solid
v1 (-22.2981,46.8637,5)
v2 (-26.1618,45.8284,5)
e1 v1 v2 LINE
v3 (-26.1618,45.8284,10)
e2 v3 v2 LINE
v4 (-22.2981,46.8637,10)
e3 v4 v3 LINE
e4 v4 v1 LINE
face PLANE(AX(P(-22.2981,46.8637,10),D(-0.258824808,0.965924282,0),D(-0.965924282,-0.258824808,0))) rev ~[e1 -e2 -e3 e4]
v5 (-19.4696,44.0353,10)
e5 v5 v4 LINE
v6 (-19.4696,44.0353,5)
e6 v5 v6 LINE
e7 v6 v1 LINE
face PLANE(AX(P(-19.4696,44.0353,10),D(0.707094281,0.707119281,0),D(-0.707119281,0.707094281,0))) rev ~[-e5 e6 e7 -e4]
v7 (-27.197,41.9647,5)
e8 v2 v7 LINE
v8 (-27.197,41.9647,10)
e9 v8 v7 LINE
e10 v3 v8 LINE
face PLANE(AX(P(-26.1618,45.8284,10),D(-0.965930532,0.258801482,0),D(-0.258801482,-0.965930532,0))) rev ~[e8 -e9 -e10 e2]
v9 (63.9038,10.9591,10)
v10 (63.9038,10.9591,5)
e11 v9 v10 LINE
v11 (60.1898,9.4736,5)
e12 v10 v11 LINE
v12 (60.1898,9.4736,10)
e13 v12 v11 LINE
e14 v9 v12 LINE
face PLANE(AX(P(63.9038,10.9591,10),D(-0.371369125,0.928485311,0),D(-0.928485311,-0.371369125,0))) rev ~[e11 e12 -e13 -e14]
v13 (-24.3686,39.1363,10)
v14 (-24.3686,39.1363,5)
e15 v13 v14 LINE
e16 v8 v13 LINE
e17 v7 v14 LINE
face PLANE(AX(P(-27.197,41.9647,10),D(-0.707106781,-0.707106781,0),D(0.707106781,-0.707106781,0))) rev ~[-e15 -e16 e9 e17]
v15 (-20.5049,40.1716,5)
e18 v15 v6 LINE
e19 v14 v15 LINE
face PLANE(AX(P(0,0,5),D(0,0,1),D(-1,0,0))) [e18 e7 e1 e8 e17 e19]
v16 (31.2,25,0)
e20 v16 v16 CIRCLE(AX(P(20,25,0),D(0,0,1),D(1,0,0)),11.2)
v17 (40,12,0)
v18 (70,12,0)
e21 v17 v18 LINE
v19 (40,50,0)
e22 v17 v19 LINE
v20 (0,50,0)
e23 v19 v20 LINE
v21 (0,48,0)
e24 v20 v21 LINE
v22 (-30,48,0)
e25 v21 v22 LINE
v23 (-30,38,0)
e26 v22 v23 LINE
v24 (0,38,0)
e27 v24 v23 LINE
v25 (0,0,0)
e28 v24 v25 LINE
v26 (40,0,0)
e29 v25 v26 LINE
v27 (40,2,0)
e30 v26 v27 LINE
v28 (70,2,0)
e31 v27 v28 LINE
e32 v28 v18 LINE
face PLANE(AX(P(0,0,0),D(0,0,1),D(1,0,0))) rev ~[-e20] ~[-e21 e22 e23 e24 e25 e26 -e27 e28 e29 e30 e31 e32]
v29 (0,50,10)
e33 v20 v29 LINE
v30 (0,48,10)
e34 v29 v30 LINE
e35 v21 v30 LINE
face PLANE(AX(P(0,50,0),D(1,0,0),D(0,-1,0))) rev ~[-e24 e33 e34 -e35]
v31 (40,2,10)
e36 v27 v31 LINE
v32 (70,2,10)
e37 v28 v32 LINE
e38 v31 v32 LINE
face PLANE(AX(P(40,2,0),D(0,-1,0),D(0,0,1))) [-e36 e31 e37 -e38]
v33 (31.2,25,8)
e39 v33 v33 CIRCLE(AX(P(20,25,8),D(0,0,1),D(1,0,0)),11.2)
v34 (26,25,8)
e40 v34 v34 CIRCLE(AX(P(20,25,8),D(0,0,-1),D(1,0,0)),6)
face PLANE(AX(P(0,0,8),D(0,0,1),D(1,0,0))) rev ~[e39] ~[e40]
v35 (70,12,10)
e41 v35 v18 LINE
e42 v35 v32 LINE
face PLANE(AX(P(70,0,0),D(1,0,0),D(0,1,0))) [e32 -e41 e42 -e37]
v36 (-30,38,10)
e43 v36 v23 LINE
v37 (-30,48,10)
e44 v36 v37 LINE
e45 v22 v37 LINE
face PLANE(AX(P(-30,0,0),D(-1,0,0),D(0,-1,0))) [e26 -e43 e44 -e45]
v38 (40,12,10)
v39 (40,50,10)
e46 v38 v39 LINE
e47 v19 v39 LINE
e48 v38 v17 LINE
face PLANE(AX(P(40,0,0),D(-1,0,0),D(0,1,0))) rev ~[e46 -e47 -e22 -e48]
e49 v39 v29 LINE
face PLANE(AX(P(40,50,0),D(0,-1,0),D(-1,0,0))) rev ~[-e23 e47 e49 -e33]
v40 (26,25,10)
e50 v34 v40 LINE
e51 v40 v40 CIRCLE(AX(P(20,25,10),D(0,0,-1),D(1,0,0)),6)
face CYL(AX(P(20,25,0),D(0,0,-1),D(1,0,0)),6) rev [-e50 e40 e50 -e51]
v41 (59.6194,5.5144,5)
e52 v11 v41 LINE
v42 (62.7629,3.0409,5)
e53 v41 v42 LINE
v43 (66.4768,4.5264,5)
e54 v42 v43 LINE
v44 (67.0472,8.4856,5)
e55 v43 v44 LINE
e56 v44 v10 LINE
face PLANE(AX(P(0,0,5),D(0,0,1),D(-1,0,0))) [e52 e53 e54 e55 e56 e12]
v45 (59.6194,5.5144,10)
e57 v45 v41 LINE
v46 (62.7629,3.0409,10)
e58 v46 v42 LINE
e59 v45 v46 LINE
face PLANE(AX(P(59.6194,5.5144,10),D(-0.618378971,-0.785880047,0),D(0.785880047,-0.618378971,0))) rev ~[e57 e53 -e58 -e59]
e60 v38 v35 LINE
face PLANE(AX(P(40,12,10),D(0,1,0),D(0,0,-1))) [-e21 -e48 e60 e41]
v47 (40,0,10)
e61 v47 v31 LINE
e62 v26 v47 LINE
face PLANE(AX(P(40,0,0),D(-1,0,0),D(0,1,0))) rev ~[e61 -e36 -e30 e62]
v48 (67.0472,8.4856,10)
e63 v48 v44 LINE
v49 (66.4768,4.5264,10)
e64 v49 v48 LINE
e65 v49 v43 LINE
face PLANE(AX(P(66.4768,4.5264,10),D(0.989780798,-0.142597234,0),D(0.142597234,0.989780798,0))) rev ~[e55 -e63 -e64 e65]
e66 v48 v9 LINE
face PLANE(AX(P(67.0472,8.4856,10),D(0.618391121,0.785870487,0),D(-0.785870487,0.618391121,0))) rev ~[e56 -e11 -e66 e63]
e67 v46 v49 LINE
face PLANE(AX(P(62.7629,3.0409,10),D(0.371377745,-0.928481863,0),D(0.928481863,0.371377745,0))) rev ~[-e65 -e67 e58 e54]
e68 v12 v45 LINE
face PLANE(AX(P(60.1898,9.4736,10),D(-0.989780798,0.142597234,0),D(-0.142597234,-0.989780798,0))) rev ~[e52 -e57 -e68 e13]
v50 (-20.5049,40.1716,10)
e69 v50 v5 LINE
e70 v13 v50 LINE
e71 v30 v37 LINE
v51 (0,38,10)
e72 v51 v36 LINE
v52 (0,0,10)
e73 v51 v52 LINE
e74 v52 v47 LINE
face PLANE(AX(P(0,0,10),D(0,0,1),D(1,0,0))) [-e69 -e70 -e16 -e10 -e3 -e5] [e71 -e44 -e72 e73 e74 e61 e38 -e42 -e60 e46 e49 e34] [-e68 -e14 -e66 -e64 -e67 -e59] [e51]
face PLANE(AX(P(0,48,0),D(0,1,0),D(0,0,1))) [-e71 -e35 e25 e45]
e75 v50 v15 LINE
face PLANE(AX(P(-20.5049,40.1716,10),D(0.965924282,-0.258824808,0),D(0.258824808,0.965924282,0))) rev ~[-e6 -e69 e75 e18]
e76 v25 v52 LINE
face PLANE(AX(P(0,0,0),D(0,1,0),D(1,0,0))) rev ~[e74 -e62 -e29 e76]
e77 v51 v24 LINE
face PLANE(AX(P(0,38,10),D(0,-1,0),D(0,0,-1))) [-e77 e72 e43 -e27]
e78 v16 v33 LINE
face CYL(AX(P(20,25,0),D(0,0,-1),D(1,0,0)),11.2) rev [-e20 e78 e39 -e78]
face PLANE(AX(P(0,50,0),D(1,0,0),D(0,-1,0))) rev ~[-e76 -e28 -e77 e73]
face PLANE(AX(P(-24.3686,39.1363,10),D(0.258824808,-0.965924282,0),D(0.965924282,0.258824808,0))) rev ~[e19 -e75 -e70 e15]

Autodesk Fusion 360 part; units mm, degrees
sketch "Top" plane through (0, 0, 0) normal (0, 0, 1) x (1, 0, 0)
  line L0 (0, 0) -> (40, 0)
  line L1 (40, 0) -> (40, 50)
  line L2 (40, 50) -> (0, 50)
  line L3 (0, 50) -> (0, 0)
  circle A0 centre (20, 25) radius 11.2
  circle A1 centre (20, 25) radius 6
  dimension "d6" = 40
  dimension "d7" = 50
  dimension "d11" = 22.4
  dimension "d12" = 25
  dimension "d13" = 20
  dimension "d27" = 12
extrude "Extrude1" add sketch "Top" along normal blind 10 contours L0 L1 L2 L3 | A0 | A1
extrude "Extrude2" cut sketch "Top" along normal blind 8 contours A0 | A1
extrude "Extrude5" cut sketch "Top" along normal blind 110 contours A1
sketch "Sketch5" plane through (0, 0, 0) normal (-1, 0, 0) x (0, -1, 0)
  line L0 (-50, 0) -> (0, 0)
  line L1 (0, 0) -> (0, 10)
  line L2 (0, 10) -> (-50, 10)
  line L3 (-50, 10) -> (-50, 0)
  line L4 (-48, 10) -> (-38, 10)
  line L5 (-38, 10) -> (-38, 0)
  line L6 (-38, 0) -> (-48, 0)
  line L7 (-48, 0) -> (-48, 10)
  dimension "d50" = 10
  dimension "d51" = 10
  dimension "d52" = 2
extrude "Extrude8" add sketch "Sketch5" along normal blind 30 contours L0 L2 L4 L5 L6 L7
sketch "Sketch8" plane through (40, 0, 0) normal (1, 0, 0) x (0, 1, 0)
  line L0 (0, 0) -> (50, 0)
  line L1 (50, 0) -> (50, 10)
  line L2 (50, 10) -> (0, 10)
  line L3 (0, 10) -> (0, 0)
  line L4 (2, 10) -> (12, 10)
  line L5 (12, 10) -> (12, 0)
  line L6 (12, 0) -> (2, 0)
  line L7 (2, 0) -> (2, 10)
  dimension "d72" = 10
  dimension "d73" = 10
  dimension "d74" = 2
extrude "Extrude11" add sketch "Sketch8" along normal blind 30 contours L0 L2 L4 L5 L6 L7
sketch "Sketch10" plane through (0, 0, 10) normal (0, 0, 1) x (-1, 0, 0)
  circle A0 centre (-20, -25) radius 6
  line L0 (0, -50) -> (0, -48)
  line L1 (0, -48) -> (30, -48)
  line L2 (30, -48) -> (30, -38)
  line L3 (30, -38) -> (0, -38)
  line L4 (0, -38) -> (0, 0)
  line L5 (0, 0) -> (-40, 0)
  line L6 (-40, 0) -> (-40, -2)
  line L7 (-40, -2) -> (-70, -2)
  line L8 (-70, -2) -> (-70, -12)
  line L9 (-70, -12) -> (-40, -12)
  line L10 (-40, -12) -> (-40, -50)
  line L11 (-40, -50) -> (0, -50)
  line L12 (20.5049, -40.1716) -> (19.4696, -44.0353)
  line L13 (19.4696, -44.0353) -> (22.2981, -46.8637)
  line L14 (22.2981, -46.8637) -> (26.1618, -45.8284)
  line L15 (26.1618, -45.8284) -> (27.197, -41.9647)
  line L16 (27.197, -41.9647) -> (24.3686, -39.1363)
  line L17 (24.3686, -39.1363) -> (20.5049, -40.1716)
  line L18 (-67.0472, -8.4856) -> (-63.9038, -10.9591)
  line L19 (-63.9038, -10.9591) -> (-60.1898, -9.4736)
  line L20 (-60.1898, -9.4736) -> (-59.6194, -5.5144)
  line L21 (-59.6194, -5.5144) -> (-62.7629, -3.0409)
  line L22 (-62.7629, -3.0409) -> (-66.4768, -4.5264)
  line L23 (-66.4768, -4.5264) -> (-67.0472, -8.4856)
  point P0 (23.3333, -43)
  point P1 (-63.3333, -7)
  dimension "d93" = 4
  dimension "d94" = 5
  dimension "d95" = 6.6667
  dimension "d96" = 4
  dimension "d97" = 6.6667
  dimension "d98" = 5
extrude "Extrude13" cut sketch "Sketch10" against normal blind 5 contours L12 L13 L14 L15 L16 L17 | L18 L19 L20 L21 L22 L23
equation "length = 50 mm"
equation "width = 40 mm"
equation "thickness = 10 mm"
equation "extra = 100 mm"
equation "fit_gap = 0.2 mm"
equation "d6 = width"
equation "d7 = length"
equation "d8 = thickness"
equation "bearing_outer_radius = 11.1 mm"
equation "d11 = ( bearing_outer_radius * 2 ) + fit_gap"
equation "d12 = length / 2"
equation "d13 = width / 2"
equation "d14 = thickness - 2 mm"
equation "bearing_inner_radius = ( 8 mm + 4 mm ) / 2"
equation "d27 = bearing_inner_radius * 2"
equation "d28 = thickness + extra"
equation "rack_rock_bracket_length = 30 mm"
equation "rack_rock_bracket_width = 10 mm"
equation "rack_rock_bracket_big_distance = 2 mm"
equation "d50 = rack_rock_bracket_width"
equation "d51 = rack_rock_bracket_width"
equation "d52 = rack_rock_bracket_big_distance"
equation "d53 = rack_rock_bracket_length"
equation "d72 = rack_rock_bracket_width"
equation "d73 = rack_rock_bracket_width"
equation "d74 = rack_rock_bracket_big_distance"
equation "d75 = rack_rock_bracket_length"
equation "bearing_dowel_radius = 0.8 mm"
equation "bearing_dowel_length = 10 mm"
equation "bearing_dowel_big_distance = 2 mm + bearing_dowel_radius"
equation "bearing_dowel_small_distance = rack_rock_bracket_width / 2"
equation "polygon_dowel_hole_side_length = 4 mm"
equation "polygon_dowel_hole_height = 5 mm"
equation "polygon_dowel_small_distance = thickness / 2"
equation "polygon_dowel_big_distance = polygon_dowel_small_distance + ( polygon_dowel_small_distance / 3 )"
equation "d93 = polygon_dowel_hole_side_length"
equation "d94 = polygon_dowel_small_distance"
equation "d95 = polygon_dowel_big_distance"
equation "d96 = polygon_dowel_hole_side_length"
equation "d97 = polygon_dowel_big_distance"
equation "d98 = polygon_dowel_small_distance"
equation "d99 = -polygon_dowel_hole_height"
